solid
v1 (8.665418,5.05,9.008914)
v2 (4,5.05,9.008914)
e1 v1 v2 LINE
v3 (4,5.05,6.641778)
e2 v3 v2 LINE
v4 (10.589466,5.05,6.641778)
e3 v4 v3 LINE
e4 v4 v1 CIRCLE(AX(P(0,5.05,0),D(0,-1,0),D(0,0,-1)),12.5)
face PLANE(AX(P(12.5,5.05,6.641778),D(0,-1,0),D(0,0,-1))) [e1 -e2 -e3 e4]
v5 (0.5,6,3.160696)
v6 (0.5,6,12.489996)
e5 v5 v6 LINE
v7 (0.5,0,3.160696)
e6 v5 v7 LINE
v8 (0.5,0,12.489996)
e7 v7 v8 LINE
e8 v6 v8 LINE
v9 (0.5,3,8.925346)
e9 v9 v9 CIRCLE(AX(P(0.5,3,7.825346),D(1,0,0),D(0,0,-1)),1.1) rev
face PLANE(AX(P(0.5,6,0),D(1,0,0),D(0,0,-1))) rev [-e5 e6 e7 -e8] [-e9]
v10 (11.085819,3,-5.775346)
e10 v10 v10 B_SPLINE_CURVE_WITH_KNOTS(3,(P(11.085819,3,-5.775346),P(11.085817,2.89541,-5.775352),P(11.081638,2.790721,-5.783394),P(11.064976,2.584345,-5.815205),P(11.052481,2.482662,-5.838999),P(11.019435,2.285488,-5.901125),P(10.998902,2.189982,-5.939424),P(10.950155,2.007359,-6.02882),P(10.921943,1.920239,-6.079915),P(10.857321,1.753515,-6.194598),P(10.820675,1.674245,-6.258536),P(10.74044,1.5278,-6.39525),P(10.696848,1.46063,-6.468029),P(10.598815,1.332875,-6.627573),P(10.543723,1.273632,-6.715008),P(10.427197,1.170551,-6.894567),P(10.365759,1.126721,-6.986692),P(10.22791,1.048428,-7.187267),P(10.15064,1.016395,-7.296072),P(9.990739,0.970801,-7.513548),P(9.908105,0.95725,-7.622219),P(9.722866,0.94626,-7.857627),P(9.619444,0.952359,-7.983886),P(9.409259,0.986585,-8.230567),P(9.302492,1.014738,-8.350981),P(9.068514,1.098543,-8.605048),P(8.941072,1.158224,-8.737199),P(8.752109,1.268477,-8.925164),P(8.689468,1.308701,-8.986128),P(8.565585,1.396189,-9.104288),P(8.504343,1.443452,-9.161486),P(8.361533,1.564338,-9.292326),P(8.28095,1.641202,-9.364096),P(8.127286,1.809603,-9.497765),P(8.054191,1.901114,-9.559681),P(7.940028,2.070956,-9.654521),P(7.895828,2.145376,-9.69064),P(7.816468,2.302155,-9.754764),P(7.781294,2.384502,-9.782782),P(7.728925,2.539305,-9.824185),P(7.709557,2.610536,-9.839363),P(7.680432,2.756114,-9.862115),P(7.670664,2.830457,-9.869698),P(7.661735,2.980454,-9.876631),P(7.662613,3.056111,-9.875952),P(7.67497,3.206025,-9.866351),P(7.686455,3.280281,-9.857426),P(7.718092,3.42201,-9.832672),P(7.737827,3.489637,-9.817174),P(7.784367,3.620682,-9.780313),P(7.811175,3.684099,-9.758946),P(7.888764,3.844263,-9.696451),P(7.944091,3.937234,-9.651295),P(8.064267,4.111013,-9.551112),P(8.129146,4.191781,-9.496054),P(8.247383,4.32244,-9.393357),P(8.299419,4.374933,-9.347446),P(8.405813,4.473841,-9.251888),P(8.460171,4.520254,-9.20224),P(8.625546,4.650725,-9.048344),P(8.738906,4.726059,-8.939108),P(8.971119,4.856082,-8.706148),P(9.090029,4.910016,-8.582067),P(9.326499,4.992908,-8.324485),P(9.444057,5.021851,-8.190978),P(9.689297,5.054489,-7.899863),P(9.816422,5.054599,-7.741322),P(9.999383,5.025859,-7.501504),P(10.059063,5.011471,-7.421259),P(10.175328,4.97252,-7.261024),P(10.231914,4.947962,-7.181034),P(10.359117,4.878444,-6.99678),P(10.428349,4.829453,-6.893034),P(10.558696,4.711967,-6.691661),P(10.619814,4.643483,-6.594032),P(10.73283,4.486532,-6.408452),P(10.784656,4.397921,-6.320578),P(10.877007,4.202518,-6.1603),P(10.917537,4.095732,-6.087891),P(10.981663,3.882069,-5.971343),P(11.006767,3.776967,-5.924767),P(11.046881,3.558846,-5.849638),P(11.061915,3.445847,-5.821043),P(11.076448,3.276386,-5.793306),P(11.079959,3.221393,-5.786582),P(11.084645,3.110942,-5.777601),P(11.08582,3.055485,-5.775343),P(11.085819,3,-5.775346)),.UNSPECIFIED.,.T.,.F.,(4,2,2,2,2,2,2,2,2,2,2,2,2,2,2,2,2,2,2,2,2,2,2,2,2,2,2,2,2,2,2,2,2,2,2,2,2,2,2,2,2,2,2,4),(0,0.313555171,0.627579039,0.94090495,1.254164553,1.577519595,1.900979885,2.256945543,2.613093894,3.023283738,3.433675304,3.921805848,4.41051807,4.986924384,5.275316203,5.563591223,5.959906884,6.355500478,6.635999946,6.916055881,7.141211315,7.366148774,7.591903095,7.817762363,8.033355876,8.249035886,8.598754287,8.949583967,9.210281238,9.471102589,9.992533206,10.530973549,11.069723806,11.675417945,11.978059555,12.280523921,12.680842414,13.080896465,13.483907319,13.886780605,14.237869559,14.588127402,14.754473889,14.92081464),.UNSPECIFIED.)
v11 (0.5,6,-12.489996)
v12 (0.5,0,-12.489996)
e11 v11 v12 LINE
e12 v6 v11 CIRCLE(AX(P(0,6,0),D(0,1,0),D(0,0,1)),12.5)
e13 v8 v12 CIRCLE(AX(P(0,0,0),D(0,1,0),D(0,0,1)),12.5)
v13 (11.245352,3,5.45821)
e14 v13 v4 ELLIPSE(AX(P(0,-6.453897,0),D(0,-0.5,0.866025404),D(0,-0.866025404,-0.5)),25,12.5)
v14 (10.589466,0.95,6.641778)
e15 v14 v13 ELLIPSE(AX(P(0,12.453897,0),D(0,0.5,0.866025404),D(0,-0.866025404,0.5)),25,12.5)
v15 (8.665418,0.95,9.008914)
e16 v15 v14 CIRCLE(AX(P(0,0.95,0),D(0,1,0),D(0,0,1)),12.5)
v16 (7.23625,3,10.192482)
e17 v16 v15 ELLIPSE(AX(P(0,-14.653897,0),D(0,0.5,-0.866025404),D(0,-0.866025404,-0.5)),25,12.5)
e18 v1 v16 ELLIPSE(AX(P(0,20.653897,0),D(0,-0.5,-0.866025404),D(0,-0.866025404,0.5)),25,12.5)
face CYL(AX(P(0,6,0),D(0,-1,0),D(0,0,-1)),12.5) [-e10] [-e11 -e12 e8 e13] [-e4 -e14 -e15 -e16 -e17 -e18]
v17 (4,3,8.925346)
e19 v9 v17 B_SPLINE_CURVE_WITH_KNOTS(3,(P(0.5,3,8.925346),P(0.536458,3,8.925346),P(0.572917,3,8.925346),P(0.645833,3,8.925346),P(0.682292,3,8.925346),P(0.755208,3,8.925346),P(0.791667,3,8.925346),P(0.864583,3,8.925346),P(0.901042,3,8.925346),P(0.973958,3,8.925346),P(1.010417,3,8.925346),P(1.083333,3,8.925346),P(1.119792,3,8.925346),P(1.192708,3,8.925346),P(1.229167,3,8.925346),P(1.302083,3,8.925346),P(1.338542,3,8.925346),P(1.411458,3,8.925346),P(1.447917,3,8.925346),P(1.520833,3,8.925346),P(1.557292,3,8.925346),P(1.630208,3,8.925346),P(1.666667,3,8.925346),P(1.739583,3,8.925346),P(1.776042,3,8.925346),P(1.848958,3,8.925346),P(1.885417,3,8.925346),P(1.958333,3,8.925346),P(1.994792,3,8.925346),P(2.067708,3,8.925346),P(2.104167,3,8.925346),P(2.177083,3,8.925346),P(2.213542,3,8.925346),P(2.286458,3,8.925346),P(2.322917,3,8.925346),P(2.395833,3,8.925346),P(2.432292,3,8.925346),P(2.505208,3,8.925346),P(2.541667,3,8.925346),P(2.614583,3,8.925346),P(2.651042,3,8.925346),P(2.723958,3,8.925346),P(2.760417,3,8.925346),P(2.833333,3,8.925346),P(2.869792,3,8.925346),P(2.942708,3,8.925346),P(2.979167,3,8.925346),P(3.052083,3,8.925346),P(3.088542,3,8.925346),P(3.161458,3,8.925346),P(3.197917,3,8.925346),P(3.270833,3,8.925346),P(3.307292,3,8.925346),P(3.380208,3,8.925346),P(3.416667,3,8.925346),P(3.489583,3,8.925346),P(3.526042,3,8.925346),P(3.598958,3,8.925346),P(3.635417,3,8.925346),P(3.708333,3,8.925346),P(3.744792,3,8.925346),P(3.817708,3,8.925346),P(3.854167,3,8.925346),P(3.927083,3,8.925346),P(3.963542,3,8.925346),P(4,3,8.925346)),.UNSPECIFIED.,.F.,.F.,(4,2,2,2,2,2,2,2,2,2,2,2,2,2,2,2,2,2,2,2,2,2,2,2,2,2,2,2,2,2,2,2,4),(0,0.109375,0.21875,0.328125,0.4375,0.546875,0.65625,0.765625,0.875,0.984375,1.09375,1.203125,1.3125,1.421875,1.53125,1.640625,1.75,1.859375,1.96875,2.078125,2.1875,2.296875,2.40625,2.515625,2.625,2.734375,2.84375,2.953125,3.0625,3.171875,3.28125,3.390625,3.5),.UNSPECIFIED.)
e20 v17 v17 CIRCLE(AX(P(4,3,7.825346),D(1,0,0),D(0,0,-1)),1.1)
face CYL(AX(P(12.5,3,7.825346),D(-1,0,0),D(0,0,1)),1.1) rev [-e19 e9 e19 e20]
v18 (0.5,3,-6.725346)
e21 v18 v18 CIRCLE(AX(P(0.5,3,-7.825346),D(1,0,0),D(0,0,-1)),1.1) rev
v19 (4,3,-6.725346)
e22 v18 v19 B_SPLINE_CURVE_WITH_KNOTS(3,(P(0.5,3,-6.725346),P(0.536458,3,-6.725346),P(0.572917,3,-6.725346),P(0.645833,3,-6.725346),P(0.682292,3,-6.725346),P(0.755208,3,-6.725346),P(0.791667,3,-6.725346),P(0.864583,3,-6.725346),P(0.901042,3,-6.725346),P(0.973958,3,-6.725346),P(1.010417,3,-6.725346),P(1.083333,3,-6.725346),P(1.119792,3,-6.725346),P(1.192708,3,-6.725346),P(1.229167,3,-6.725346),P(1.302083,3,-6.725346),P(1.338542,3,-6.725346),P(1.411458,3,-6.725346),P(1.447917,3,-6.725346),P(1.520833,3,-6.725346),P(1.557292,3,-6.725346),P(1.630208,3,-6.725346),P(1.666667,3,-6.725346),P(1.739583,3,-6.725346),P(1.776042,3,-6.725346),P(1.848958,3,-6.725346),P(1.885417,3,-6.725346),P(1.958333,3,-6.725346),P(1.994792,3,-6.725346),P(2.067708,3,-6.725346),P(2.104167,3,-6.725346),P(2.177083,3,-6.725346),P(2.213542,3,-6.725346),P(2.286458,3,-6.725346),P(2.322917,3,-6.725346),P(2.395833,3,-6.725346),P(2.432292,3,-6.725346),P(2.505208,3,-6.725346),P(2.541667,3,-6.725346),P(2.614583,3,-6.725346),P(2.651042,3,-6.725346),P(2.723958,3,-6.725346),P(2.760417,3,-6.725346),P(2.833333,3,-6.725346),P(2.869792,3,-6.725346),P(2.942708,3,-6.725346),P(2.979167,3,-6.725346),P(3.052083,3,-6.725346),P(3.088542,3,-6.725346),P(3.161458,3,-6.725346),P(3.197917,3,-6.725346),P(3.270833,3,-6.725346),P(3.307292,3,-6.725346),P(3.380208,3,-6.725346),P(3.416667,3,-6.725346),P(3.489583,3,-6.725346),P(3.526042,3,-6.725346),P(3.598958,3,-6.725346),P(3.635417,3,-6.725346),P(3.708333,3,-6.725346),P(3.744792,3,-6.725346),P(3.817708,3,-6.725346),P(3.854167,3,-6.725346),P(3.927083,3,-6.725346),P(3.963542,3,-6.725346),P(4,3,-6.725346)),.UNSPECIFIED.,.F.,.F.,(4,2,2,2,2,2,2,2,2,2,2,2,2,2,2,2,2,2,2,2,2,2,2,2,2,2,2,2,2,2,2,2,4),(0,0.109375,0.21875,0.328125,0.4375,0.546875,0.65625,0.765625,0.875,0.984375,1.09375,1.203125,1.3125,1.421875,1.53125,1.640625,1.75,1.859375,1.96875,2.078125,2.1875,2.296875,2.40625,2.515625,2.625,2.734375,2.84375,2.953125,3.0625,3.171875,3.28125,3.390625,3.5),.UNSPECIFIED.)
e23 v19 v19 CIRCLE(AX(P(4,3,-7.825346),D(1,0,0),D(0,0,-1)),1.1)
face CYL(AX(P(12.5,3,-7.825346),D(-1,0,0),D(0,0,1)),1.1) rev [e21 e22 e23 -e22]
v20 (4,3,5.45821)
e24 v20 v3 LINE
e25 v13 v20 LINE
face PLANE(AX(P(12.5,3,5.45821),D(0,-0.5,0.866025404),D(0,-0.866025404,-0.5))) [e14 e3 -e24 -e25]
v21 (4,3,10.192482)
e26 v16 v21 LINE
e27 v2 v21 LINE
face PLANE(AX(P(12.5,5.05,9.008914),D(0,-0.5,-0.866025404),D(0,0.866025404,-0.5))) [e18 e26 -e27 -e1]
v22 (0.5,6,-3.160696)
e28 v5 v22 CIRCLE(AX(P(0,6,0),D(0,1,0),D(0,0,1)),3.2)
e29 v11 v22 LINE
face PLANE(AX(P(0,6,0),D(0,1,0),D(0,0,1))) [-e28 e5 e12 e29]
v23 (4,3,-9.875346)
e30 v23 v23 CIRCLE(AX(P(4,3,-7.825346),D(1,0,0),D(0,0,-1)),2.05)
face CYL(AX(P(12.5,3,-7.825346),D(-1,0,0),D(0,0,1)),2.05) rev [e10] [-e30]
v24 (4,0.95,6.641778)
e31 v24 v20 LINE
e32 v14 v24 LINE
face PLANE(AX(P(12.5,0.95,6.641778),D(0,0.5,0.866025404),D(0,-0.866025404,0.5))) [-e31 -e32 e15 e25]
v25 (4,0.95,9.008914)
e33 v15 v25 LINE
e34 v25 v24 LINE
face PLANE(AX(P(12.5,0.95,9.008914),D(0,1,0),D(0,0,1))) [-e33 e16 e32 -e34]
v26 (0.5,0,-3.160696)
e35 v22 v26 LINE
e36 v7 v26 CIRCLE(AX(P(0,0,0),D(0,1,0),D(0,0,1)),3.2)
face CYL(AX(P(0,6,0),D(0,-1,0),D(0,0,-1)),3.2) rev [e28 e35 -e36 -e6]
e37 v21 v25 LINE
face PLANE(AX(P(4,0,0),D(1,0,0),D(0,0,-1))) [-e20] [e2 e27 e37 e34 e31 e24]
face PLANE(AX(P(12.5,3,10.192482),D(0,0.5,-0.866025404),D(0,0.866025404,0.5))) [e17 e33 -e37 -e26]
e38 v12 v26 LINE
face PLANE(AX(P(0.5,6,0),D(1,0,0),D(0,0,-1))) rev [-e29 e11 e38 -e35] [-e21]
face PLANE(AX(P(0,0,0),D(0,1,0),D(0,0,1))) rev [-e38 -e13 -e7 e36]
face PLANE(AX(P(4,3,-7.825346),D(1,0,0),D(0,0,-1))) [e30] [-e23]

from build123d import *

# Parameters (mm, degrees)
EXTRUDE_1_DEPTH     = 6
SKETCH_2_R          = 1.1
CUT_EXTRUDE_1_DEPTH = 19.661457607
CUT_EXTRUDE_START   = 4
SKETCH_3_R          = 2.05
CUT_EXTRUDE_2_DEPTH = 15.661457773


with BuildPart() as part:
    # Эскиз1 → Бобышка-Вытянуть1 (new body)
    with BuildSketch(Plane(origin=(0, 0, 0), x_dir=(1, 0, 0), z_dir=(0, 1, 0))):
        with BuildLine():
            ThreePointArc((12.5, 0), (9.013878189, 8.660254038), (0.5, 12.489995997))
            Line((0.5, 12.489995997), (0.5, 3.160696126))
            ThreePointArc((0.5, 3.160696126), (2.433105012, 2.078460969), (3.2, 0))
            ThreePointArc((3.2, 0), (2.433105012, -2.078460969), (0.5, -3.160696126))
            Line((0.5, -3.160696126), (0.5, -12.489995997))
            ThreePointArc((0.5, -12.489995997), (9.013878189, -8.660254038), (12.5, 0))
        make_face()
    extrude(amount=EXTRUDE_1_DEPTH)

    # Эскиз2 → Вырез-Вытянуть1 (cut, through all)
    with BuildSketch(Plane(origin=(0, 0, 0), x_dir=(0, 0, -1), z_dir=(1, 0, 0))):
        with Locations(Location((7.825346061, 3, 0), (0, 0, 180))):
            Circle(SKETCH_2_R)
        with Locations(Location((-7.825346061, 3, 0), (0, 0, 180))):
            Circle(SKETCH_2_R)
    extrude(amount=CUT_EXTRUDE_1_DEPTH, mode=Mode.SUBTRACT)

    # Эскиз3 → Вырез-Вытянуть2 (cut, through all)
    with BuildSketch(Plane(origin=(0, 0, 0), x_dir=(0, 0, -1), z_dir=(1, 0, 0)).offset(CUT_EXTRUDE_START)):
        with Locations(Location((7.825346061, 3, 0), (0, 0, 180))):
            Circle(SKETCH_3_R)
        Polygon((-9.008914113, 0.95), (-6.641778009, 0.95), (-5.458209958, 3), (-6.641778009, 5.05), (-9.008914113, 5.05), (-10.192482165, 3), align=None)
    extrude(amount=CUT_EXTRUDE_2_DEPTH, mode=Mode.SUBTRACT)


solid = part.part
